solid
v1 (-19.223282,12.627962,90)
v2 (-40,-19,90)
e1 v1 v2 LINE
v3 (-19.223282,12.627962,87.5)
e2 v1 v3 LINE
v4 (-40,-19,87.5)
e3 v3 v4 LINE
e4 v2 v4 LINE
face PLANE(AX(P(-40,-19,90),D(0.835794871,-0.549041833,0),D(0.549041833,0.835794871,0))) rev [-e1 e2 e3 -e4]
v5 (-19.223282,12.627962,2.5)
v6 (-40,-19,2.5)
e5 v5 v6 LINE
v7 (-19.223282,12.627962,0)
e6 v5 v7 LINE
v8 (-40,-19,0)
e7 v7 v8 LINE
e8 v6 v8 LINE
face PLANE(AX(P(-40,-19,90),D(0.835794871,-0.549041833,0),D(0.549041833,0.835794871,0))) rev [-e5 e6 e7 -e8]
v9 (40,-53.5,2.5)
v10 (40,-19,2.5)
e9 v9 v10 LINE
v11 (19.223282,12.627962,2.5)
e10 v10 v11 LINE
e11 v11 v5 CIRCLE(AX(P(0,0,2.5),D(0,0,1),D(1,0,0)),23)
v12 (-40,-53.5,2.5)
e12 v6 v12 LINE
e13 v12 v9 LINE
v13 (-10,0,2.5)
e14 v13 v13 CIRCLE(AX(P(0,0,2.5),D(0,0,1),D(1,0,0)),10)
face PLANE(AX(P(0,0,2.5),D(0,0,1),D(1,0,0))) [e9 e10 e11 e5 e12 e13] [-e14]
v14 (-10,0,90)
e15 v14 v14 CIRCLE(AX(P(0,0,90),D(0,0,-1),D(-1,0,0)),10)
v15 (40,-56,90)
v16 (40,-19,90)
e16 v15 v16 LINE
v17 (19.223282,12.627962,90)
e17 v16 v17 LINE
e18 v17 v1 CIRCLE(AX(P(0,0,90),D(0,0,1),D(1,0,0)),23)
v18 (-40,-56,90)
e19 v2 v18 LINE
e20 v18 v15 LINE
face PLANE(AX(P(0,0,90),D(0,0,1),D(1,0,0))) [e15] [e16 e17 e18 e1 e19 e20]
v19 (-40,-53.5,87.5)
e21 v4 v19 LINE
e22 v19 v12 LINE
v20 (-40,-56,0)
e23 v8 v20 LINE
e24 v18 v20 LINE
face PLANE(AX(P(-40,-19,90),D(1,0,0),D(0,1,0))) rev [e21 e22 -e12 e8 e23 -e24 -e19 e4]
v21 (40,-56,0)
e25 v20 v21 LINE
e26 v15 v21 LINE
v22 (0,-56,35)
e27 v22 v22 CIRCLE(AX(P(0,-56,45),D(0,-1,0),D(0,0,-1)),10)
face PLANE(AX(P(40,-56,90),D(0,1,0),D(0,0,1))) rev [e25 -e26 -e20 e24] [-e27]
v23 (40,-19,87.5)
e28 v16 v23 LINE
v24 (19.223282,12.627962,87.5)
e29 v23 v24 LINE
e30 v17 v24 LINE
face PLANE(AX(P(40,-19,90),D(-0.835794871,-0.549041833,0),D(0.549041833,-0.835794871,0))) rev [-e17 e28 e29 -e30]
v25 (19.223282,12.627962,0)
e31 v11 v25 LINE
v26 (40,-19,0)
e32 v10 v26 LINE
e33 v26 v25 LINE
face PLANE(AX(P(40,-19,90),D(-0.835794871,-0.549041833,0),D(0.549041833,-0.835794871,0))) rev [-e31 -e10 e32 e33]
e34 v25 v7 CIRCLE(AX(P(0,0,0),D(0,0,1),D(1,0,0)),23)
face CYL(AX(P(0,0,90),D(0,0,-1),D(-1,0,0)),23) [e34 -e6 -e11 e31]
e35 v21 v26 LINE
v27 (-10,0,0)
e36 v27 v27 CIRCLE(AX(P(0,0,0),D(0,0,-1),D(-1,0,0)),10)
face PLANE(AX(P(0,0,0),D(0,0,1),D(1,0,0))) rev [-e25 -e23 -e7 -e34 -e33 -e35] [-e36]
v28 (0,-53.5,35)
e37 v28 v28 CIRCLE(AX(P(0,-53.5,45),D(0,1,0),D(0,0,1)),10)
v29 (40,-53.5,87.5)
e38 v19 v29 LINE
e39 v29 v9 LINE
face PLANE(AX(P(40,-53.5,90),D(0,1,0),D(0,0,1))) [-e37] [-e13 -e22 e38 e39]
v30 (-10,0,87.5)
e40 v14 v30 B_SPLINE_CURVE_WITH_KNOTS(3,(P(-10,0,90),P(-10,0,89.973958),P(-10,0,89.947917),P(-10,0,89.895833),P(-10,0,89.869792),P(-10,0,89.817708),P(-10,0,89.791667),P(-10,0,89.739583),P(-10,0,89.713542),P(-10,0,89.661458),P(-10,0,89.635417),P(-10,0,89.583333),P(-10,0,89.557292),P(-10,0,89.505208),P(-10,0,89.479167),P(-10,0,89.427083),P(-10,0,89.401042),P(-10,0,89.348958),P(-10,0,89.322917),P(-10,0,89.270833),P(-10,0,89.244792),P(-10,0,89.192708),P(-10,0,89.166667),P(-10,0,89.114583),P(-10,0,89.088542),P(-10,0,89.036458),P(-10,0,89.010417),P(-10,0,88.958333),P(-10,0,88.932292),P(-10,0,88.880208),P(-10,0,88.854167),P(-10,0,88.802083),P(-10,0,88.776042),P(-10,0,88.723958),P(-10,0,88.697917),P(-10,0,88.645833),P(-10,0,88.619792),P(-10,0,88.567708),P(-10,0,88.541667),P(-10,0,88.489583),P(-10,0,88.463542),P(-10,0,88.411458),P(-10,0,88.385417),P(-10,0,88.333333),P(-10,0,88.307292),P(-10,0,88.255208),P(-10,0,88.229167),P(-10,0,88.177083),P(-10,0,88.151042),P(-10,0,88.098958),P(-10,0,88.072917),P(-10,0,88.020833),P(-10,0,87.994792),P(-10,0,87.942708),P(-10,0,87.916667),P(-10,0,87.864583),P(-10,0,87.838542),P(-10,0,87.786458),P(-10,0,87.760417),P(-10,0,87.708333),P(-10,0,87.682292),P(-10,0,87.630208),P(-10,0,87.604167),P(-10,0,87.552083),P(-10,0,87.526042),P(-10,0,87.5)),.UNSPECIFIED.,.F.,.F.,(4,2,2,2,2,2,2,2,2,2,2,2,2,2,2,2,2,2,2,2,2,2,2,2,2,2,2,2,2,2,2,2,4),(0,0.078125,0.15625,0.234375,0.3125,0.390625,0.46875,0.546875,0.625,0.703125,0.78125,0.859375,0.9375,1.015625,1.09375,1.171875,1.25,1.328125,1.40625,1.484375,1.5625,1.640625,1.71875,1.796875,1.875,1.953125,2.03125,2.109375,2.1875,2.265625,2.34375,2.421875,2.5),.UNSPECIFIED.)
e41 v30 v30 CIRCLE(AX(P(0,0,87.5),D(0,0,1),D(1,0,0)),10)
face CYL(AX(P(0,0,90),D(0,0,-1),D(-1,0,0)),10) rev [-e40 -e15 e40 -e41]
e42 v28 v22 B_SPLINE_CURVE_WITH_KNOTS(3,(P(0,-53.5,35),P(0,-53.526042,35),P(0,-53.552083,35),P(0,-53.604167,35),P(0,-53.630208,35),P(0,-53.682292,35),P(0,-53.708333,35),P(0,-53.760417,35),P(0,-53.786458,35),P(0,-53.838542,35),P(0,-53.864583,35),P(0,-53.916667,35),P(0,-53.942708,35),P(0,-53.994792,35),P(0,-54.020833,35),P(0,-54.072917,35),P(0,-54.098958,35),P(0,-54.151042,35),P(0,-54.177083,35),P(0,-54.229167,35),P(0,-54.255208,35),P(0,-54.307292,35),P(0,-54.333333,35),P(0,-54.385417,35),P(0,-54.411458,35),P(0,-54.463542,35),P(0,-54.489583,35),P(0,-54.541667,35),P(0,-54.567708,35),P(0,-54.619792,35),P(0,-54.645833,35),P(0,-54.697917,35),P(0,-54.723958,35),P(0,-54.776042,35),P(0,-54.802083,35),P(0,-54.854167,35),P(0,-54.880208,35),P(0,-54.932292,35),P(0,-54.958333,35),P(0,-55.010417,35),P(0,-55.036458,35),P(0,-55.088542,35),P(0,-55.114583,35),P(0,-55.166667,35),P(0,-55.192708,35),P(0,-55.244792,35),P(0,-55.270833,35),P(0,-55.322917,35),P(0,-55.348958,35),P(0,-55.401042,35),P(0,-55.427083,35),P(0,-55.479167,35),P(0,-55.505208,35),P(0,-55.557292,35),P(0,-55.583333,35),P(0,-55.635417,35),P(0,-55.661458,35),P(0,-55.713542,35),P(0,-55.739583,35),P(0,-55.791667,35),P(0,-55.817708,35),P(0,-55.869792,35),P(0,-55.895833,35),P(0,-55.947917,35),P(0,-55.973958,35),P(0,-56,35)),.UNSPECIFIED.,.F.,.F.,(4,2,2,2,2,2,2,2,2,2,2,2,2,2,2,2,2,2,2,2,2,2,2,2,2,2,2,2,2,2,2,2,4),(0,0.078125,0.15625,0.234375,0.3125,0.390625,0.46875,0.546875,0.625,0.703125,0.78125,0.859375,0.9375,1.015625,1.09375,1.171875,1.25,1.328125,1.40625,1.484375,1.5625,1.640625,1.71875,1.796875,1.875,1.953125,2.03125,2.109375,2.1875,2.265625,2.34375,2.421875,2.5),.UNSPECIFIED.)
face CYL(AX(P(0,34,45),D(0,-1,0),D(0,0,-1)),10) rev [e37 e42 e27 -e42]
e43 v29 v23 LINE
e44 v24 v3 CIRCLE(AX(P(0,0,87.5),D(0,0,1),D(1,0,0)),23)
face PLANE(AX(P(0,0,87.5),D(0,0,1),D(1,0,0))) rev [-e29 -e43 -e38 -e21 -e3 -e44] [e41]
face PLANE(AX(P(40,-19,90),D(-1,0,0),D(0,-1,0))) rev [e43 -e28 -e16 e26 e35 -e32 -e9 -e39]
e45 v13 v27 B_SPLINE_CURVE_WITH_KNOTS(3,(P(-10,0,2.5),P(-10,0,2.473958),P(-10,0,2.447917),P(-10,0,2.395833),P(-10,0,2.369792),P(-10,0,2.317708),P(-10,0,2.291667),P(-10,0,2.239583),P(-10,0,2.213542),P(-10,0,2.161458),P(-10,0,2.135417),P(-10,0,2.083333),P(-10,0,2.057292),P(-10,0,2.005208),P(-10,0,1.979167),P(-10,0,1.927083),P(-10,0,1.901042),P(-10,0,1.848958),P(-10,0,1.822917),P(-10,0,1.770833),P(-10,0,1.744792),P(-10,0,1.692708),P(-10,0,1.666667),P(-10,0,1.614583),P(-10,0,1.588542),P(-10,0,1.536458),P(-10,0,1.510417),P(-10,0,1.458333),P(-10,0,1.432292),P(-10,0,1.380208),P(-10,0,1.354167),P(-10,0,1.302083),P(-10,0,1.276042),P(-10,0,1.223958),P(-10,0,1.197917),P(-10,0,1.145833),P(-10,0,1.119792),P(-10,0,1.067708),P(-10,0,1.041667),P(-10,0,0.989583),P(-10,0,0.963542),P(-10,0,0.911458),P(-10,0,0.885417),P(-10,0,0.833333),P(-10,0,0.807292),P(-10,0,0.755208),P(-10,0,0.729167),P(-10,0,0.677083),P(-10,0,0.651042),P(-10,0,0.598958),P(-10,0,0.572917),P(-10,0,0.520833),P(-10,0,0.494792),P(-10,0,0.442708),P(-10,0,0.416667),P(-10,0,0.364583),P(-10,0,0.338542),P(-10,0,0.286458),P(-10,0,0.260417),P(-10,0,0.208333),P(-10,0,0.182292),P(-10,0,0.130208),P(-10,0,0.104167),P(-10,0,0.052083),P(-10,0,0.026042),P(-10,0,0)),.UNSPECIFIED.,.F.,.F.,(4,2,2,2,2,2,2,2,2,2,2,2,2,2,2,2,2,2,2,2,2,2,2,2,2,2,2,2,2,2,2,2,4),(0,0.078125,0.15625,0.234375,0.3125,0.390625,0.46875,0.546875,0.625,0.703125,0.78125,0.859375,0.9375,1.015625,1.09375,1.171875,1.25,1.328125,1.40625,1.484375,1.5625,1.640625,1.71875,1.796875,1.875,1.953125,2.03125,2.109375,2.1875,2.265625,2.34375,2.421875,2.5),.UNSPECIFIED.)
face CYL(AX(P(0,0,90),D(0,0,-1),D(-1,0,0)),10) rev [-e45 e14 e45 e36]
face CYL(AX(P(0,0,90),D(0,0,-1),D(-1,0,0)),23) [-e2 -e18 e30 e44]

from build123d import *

# Parameters (mm, degrees)
EXTRUSION1_DEPTH        = 90
COQUE1_T                = -2.5
ESQUISSE2_R             = 10
ENL_V_MAT_EXTRU_1_DEPTH = 90
ESQUISSE3_R             = 10
ENL_V_MAT_EXTRU_2_DEPTH = 114.296072306


with BuildPart() as part:
    # Esquisse1 → Extrusion1 (new body)
    with BuildSketch(Plane.XY):
        with BuildLine():
            Line((40, -56), (-40, -56))
            Line((-40, -56), (-40, -19))
            Line((-40, -19), (-19.223282024, 12.627962156))
            ThreePointArc((-19.223282024, 12.627962156), (0, 23), (19.223282024, 12.627962156))
            Line((19.223282024, 12.627962156), (40, -19))
            Line((40, -19), (40, -56))
        make_face()
    extrude(amount=EXTRUSION1_DEPTH)

    # Coque1
    coque1_openings = [part.faces().sort_by_distance(p)[0] for p in [
        (40, -37.5, 45),
        (-40, -37.5, 45),
        (-29.611641012, -3.186018922, 45),
        (0, 23, 45),
        (29.611641012, -3.186018922, 45),
    ]]
    offset(amount=COQUE1_T, openings=coque1_openings, kind=Kind.INTERSECTION)

    # Esquisse2 → Enlèv. mat.-Extru.1 (cut)
    with BuildSketch(Plane.XZ.offset(56)):
        with Locations(Location((0, 45, 0), (0, 0, 270))):
            Circle(ESQUISSE2_R)
    extrude(amount=-ENL_V_MAT_EXTRU_1_DEPTH, mode=Mode.SUBTRACT)

    # Esquisse3 → Enlèv. mat.-Extru.2 (cut, through all)
    with BuildSketch(Plane(origin=(0, 0, 0), x_dir=(-1, 0, 0), z_dir=(0, 0, -1))):
        Circle(ESQUISSE3_R)
    extrude(amount=-ENL_V_MAT_EXTRU_2_DEPTH, mode=Mode.SUBTRACT)


solid = part.part
